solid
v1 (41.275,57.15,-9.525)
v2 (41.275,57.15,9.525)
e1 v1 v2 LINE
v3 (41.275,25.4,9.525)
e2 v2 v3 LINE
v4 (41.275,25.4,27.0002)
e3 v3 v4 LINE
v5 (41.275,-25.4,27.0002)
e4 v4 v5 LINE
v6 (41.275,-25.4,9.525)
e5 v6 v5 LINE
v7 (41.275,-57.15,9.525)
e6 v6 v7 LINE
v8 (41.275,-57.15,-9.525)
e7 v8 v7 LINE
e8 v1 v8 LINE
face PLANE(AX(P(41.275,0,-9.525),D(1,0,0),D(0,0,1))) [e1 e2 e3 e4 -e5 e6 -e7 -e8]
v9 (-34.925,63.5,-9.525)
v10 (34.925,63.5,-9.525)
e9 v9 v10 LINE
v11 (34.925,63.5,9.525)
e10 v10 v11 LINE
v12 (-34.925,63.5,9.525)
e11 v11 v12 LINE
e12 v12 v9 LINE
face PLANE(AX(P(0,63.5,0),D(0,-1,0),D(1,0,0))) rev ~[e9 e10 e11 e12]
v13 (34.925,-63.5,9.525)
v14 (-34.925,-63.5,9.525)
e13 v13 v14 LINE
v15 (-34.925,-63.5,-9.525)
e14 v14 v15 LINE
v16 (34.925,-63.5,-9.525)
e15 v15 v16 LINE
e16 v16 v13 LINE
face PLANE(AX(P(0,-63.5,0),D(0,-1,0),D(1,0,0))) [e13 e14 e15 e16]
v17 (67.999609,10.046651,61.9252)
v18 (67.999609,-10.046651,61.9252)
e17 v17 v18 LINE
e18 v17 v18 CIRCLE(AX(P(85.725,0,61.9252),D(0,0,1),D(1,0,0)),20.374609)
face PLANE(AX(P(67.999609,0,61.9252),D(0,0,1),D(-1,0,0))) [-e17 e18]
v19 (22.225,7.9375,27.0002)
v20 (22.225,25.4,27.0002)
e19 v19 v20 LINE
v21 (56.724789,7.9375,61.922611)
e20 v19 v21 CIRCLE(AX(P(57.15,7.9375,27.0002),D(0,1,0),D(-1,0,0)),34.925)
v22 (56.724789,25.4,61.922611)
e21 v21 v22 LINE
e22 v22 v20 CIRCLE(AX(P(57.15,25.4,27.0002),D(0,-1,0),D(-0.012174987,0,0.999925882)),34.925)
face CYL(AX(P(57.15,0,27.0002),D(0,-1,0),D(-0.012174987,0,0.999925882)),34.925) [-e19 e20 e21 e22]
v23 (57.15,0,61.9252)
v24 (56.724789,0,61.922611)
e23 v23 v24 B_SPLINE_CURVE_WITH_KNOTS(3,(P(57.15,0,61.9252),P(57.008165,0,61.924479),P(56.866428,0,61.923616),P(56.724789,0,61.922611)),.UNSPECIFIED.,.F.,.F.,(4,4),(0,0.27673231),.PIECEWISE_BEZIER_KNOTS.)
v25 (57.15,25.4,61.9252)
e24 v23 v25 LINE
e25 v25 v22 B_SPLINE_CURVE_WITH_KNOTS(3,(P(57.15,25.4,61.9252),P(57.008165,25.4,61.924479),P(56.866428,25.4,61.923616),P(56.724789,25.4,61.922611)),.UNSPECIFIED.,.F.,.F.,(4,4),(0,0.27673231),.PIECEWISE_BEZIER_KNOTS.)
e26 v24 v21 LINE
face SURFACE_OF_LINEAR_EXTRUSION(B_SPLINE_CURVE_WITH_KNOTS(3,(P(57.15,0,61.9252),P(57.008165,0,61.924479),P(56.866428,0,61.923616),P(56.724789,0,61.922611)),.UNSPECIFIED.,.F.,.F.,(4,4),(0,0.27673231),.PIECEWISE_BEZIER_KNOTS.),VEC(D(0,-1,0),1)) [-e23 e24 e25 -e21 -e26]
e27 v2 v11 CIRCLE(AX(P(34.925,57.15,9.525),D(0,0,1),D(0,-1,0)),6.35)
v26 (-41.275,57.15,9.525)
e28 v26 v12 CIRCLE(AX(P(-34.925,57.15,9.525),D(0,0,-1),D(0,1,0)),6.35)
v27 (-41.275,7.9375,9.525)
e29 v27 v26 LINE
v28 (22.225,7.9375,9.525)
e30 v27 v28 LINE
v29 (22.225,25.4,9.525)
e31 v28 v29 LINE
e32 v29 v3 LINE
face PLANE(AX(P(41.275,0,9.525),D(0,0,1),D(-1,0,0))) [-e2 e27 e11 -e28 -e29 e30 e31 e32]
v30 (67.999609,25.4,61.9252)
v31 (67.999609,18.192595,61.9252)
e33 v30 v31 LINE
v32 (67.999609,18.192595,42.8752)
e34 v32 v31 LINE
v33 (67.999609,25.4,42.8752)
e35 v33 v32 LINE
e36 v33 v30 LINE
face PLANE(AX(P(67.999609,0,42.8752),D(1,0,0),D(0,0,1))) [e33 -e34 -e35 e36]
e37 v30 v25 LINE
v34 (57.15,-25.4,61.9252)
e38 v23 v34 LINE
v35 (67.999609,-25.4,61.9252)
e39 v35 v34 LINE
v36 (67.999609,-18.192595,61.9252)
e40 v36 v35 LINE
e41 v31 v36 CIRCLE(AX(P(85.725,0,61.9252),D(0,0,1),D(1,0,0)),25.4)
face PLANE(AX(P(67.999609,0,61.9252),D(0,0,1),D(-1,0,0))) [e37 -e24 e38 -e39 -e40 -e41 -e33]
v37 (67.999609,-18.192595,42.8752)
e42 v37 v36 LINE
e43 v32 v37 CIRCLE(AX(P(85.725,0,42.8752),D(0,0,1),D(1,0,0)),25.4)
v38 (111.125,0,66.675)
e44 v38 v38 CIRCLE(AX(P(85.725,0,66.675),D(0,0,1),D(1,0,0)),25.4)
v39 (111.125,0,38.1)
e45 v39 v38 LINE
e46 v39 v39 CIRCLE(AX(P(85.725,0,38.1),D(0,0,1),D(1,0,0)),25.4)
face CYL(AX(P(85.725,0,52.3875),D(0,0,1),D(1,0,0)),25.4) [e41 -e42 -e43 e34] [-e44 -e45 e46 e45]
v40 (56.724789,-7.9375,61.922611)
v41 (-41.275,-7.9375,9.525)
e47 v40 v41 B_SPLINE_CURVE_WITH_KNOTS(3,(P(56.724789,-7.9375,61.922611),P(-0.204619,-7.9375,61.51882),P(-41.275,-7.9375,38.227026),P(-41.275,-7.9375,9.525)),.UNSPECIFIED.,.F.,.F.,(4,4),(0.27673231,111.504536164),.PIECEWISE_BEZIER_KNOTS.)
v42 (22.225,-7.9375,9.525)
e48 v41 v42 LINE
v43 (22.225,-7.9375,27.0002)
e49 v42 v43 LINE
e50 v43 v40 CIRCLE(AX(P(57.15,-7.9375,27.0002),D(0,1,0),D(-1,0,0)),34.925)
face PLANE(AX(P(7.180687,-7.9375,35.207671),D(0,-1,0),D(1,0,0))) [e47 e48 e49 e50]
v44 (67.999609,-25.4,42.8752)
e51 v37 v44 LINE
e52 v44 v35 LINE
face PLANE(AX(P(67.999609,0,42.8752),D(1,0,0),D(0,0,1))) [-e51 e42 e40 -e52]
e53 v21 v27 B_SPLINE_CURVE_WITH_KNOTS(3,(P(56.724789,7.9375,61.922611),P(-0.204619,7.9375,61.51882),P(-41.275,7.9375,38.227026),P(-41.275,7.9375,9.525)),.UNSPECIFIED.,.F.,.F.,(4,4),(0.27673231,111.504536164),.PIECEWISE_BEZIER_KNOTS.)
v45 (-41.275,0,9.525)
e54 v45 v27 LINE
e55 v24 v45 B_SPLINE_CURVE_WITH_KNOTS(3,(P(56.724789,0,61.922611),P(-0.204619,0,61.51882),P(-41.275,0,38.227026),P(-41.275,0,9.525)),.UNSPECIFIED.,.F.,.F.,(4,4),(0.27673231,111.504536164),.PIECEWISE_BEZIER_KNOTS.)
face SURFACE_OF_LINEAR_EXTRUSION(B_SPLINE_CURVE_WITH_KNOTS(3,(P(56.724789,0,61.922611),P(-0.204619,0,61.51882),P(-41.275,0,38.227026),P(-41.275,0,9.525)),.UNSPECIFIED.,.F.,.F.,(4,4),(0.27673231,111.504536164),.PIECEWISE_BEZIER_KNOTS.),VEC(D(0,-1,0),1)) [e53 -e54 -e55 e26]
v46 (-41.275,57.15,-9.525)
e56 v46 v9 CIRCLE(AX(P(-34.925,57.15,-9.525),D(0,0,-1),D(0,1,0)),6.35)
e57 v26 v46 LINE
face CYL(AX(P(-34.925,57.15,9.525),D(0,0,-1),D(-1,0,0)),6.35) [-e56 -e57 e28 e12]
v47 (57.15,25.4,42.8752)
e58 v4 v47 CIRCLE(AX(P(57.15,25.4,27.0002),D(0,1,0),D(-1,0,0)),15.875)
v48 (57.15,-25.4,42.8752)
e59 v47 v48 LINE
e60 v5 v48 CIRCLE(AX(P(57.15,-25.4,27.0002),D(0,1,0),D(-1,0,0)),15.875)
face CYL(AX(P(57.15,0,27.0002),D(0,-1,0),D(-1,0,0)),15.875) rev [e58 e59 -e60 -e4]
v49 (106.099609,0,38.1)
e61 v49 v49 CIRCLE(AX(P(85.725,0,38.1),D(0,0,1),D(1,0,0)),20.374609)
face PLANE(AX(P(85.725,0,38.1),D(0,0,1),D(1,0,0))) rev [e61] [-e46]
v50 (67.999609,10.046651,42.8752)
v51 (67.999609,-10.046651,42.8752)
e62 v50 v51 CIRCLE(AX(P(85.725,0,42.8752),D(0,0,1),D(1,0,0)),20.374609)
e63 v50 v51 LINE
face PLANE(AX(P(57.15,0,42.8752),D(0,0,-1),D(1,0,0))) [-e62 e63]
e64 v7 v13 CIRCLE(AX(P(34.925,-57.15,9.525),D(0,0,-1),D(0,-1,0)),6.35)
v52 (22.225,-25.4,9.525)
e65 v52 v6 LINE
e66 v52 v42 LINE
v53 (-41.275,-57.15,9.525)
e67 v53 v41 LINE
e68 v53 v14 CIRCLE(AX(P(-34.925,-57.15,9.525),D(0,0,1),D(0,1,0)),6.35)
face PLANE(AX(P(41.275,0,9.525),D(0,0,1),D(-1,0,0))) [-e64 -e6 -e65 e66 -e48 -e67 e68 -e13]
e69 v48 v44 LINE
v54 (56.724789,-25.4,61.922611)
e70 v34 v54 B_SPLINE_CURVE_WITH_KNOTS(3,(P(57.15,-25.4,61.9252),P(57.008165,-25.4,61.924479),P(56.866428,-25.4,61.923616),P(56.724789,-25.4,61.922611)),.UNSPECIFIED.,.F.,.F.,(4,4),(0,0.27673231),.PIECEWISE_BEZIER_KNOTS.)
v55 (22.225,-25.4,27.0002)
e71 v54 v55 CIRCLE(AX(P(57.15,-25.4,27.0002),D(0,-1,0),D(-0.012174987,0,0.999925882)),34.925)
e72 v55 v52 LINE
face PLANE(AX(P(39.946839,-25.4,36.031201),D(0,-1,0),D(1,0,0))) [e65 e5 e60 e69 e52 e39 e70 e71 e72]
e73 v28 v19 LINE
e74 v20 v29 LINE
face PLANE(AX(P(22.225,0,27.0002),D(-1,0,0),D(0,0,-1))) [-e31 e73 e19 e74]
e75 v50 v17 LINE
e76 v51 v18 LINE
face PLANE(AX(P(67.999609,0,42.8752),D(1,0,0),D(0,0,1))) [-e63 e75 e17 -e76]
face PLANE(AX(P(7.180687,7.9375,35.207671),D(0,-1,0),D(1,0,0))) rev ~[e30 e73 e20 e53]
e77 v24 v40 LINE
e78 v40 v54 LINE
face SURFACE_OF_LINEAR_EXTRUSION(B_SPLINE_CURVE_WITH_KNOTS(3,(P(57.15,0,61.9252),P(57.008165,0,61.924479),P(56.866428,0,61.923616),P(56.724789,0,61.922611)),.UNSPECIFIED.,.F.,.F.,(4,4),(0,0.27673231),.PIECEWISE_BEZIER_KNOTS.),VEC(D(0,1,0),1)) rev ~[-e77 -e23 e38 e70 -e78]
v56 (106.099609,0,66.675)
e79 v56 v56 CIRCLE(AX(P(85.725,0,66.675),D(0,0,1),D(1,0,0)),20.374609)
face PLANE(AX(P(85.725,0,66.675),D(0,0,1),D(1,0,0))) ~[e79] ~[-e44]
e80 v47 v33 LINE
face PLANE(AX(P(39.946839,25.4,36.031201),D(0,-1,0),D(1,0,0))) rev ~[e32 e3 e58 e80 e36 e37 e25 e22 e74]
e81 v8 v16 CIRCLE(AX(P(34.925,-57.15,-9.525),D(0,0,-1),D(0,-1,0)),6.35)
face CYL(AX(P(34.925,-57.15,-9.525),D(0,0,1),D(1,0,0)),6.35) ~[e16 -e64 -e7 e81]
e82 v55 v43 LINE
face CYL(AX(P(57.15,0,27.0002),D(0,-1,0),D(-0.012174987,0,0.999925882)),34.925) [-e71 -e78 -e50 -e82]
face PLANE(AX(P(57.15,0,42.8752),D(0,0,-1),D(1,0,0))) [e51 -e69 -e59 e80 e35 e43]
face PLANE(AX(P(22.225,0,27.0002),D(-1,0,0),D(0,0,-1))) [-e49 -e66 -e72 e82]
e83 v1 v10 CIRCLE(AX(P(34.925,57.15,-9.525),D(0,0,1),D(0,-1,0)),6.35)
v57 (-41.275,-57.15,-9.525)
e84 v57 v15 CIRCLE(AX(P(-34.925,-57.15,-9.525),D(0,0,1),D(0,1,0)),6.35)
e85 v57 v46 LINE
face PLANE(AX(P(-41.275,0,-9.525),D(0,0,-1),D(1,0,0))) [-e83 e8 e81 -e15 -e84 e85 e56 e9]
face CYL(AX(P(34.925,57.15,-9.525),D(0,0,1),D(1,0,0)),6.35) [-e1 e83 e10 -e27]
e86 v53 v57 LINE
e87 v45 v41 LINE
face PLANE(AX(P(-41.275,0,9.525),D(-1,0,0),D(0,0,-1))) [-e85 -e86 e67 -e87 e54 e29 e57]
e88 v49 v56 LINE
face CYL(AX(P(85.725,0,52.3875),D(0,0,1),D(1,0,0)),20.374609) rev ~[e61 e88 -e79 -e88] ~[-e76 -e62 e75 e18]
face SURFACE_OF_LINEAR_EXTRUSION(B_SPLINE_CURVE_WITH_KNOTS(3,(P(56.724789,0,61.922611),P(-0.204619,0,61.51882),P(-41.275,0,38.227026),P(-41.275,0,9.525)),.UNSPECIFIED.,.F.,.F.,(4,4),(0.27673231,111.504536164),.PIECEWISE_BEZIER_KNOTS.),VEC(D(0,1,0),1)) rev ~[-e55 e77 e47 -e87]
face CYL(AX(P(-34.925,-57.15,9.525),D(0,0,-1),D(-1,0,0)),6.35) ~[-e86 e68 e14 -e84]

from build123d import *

# Parameters (mm, degrees)
F1_DEPTH = 63.5
F0_W     = 7.6746088147
F0_H     = 19.05
F2_DEPTH = 25.4
F3_DEPTH = 7.9375
F0_W_2   = 5.0253911853
F0_H_2   = 28.575
F5_R     = 6.35


with BuildPart() as f1:
    # F0 (on Front) → F1 (new body, symmetric)
    with BuildSketch(Plane.XZ):
        Polygon((-41.275, -9.525), (41.275, -9.525), (41.275, 9.525), (22.225, 9.525), (-41.275, 9.525), align=None)
    extrude(amount=F1_DEPTH, both=True)

    # F0 (on Front) → F2 (join, symmetric)
    with BuildSketch(Plane.XZ):
        with BuildLine():
            Line((22.225, 9.525), (41.275, 9.525))
            Line((41.275, 9.525), (41.275, 27.0002))
            ThreePointArc((41.275, 27.0002), (45.9246798487, 38.2255201513), (57.15, 42.8752))
            Line((57.15, 42.8752), (60.325, 42.8752))
            Line((60.325, 42.8752), (60.325, 61.9252))
            Line((60.325, 61.9252), (57.15, 61.9252))
            add(Edge.make_bspline(
                [(57.15, 61.9252), (57.0081649495, 61.9244790011), (56.8664276787, 61.9236160554), (56.7247885758, 61.9226114323)],
                knots=[0, 0, 0, 0, 0.27673231, 0.27673231, 0.27673231, 0.27673231], degree=3))
            ThreePointArc((56.7247885758, 61.9226114323), (32.3044155433, 51.5451090038), (22.225, 27.0002))
            Line((22.225, 27.0002), (22.225, 9.525))
        make_face()
        with Locations((64.1623044074, 52.4002)):
            Rectangle(F0_W, F0_H)
    extrude(amount=F2_DEPTH, both=True)

    # F0 (on Front) → F3 (join, symmetric)
    with BuildSketch(Plane.XZ):
        with BuildLine():
            add(Edge.make_bspline(
                [(56.7247885758, 61.9226114323), (-0.2046186236, 61.5188203951), (-41.275, 38.2270255061), (-41.275, 9.525)],
                knots=[0.27673231, 0.27673231, 0.27673231, 0.27673231, 111.5045361635, 111.5045361635, 111.5045361635, 111.5045361635], degree=3))
            Line((-41.275, 9.525), (22.225, 9.525))
            Line((22.225, 9.525), (22.225, 27.0002))
            ThreePointArc((22.225, 27.0002), (32.3044155433, 51.5451090038), (56.7247885758, 61.9226114323))
        make_face()
    extrude(amount=F3_DEPTH, both=True)

    # F0 (on Front) → F4 (revolve)
    with BuildSketch(Plane.XZ):
        with Locations((108.6123044074, 52.3875)):
            Rectangle(F0_W_2, F0_H_2)
    revolve(axis=Axis((85.725, 0, 52.3875), (0, 0, 1)))

    # F5
    f5_edges = [f1.edges().sort_by_distance(p)[0] for p in [
        (41.275, -63.5, 0),
        (-41.275, -63.5, 0),
        (41.275, 63.5, 0),
        (-41.275, 63.5, 0),
    ]]
    fillet(f5_edges, radius=F5_R)


solid = f1.part
